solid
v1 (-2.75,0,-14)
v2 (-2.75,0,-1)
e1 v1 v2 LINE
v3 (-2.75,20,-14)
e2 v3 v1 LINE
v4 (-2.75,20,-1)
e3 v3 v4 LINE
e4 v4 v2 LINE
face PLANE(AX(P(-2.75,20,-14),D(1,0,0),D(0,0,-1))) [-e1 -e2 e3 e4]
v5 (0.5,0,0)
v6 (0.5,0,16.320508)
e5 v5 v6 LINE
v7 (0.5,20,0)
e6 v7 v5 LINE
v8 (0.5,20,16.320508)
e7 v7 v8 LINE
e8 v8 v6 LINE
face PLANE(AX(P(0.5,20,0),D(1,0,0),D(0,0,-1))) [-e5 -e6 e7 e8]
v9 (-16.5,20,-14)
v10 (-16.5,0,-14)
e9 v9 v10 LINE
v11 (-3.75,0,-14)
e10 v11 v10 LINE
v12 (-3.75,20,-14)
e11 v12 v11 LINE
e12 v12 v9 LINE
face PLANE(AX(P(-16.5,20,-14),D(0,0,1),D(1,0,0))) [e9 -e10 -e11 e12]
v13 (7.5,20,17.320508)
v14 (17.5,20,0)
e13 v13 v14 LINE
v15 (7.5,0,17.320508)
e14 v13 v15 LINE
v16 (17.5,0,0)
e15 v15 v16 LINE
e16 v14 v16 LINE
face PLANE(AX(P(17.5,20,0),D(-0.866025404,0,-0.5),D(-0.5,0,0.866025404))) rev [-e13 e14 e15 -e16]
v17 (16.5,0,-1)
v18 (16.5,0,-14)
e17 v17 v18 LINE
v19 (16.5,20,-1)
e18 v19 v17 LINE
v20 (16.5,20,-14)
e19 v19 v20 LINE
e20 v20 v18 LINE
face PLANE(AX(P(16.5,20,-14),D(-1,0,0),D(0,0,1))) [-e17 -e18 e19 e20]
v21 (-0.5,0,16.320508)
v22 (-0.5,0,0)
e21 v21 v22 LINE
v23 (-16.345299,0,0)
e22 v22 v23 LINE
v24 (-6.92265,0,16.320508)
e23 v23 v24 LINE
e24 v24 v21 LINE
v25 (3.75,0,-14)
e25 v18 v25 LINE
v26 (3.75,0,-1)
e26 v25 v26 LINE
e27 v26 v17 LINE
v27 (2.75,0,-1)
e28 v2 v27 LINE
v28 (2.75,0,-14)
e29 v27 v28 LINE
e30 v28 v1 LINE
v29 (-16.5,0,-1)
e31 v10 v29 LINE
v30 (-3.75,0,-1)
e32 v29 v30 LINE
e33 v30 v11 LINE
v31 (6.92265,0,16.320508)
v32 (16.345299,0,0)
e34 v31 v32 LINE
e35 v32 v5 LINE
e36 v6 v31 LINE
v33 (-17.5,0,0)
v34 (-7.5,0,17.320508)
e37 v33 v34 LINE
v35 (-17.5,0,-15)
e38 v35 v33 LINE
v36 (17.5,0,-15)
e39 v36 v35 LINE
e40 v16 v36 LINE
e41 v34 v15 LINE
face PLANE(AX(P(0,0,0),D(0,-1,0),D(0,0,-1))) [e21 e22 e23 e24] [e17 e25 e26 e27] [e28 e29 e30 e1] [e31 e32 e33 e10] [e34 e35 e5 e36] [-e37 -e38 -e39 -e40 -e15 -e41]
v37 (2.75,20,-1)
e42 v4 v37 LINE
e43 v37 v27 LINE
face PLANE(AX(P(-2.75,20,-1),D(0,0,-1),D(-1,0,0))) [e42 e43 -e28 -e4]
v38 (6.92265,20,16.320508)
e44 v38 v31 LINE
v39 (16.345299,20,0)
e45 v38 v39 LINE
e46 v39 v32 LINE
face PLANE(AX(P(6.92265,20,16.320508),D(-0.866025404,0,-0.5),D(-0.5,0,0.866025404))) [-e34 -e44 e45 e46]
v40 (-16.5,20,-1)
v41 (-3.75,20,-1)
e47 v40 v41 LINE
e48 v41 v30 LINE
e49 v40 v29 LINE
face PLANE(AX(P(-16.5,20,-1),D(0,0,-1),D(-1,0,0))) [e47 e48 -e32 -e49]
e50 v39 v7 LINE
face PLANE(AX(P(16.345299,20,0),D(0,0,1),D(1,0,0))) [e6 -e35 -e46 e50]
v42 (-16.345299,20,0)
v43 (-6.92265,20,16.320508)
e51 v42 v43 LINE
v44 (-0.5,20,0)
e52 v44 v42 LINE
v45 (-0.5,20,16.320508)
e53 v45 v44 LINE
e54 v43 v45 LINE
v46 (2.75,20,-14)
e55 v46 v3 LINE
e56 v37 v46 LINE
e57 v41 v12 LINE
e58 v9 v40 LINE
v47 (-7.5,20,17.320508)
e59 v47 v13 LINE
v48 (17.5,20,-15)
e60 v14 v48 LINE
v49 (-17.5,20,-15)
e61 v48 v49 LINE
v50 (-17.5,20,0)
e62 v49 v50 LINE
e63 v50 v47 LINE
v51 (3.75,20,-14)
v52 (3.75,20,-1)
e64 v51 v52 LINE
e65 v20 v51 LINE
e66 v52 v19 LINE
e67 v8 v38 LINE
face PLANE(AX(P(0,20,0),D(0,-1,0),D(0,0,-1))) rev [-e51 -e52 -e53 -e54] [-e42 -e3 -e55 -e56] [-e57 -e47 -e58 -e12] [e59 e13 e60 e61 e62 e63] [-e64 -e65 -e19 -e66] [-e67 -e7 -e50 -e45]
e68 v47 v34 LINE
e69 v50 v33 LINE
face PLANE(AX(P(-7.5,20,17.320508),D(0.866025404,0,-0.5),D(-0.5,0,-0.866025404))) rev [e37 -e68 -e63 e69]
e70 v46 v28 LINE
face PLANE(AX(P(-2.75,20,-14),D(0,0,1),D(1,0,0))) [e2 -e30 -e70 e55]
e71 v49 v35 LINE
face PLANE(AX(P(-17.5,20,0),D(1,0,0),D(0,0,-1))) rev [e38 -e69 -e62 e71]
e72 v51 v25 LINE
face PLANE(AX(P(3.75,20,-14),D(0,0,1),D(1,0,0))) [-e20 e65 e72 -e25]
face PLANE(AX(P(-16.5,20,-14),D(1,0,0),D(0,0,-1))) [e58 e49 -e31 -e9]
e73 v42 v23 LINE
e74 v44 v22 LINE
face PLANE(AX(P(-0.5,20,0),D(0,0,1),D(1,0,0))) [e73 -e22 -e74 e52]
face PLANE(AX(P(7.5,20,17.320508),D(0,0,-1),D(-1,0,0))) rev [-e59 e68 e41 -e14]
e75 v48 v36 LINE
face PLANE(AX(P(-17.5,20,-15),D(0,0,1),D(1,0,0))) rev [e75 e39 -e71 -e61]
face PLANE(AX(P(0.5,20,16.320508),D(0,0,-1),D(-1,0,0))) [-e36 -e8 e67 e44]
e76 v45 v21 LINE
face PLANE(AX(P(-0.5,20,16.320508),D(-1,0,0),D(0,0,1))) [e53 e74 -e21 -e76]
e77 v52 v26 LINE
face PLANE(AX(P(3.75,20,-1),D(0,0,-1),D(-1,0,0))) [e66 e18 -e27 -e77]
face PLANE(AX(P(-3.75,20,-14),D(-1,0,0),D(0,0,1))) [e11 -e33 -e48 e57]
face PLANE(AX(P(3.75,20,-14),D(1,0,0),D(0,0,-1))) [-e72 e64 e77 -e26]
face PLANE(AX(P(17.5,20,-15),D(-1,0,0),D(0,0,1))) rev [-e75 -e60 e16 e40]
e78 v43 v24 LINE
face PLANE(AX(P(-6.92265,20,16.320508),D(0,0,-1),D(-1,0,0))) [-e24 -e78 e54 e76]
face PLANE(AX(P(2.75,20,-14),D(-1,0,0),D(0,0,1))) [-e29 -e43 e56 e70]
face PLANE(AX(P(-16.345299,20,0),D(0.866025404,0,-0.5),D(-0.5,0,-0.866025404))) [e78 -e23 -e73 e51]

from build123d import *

# Parameters (mm, degrees)
SFIVEBASETP1_W     = 12.75
SFIVEBASETP1_H     = 13
SFIVEBASETP1_W_2   = 5.5
FFIVEBASETP1_DEPTH = 20


with BuildPart() as part:
    # SFiveBaseTP1 → FFiveBaseTP1 (new body)
    with BuildSketch(Plane(origin=(0, 0, 0), x_dir=(1, 0, 0), z_dir=(0, 1, 0))):
        Polygon((-17.5, 15), (17.5, 15), (17.5, 0), (7.5, -17.320508076), (-7.5, -17.320508076), (-17.5, 0), align=None)
        Polygon((-16.345299462, 0), (-6.922649731, -16.320508076), (-0.5, -16.320508076), (-0.5, 0), align=None, mode=Mode.SUBTRACT)
        with Locations((-10.125, 7.5)):
            Rectangle(SFIVEBASETP1_W, SFIVEBASETP1_H, mode=Mode.SUBTRACT)
        with Locations((10.125, 7.5)):
            Rectangle(SFIVEBASETP1_W, SFIVEBASETP1_H, mode=Mode.SUBTRACT)
        Polygon((0.5, 0), (0.5, -16.320508076), (6.922649731, -16.320508076), (16.345299462, 0), align=None, mode=Mode.SUBTRACT)
        with Locations((0, 7.5)):
            Rectangle(SFIVEBASETP1_W_2, SFIVEBASETP1_H, mode=Mode.SUBTRACT)
    extrude(amount=FFIVEBASETP1_DEPTH)


solid = part.part
